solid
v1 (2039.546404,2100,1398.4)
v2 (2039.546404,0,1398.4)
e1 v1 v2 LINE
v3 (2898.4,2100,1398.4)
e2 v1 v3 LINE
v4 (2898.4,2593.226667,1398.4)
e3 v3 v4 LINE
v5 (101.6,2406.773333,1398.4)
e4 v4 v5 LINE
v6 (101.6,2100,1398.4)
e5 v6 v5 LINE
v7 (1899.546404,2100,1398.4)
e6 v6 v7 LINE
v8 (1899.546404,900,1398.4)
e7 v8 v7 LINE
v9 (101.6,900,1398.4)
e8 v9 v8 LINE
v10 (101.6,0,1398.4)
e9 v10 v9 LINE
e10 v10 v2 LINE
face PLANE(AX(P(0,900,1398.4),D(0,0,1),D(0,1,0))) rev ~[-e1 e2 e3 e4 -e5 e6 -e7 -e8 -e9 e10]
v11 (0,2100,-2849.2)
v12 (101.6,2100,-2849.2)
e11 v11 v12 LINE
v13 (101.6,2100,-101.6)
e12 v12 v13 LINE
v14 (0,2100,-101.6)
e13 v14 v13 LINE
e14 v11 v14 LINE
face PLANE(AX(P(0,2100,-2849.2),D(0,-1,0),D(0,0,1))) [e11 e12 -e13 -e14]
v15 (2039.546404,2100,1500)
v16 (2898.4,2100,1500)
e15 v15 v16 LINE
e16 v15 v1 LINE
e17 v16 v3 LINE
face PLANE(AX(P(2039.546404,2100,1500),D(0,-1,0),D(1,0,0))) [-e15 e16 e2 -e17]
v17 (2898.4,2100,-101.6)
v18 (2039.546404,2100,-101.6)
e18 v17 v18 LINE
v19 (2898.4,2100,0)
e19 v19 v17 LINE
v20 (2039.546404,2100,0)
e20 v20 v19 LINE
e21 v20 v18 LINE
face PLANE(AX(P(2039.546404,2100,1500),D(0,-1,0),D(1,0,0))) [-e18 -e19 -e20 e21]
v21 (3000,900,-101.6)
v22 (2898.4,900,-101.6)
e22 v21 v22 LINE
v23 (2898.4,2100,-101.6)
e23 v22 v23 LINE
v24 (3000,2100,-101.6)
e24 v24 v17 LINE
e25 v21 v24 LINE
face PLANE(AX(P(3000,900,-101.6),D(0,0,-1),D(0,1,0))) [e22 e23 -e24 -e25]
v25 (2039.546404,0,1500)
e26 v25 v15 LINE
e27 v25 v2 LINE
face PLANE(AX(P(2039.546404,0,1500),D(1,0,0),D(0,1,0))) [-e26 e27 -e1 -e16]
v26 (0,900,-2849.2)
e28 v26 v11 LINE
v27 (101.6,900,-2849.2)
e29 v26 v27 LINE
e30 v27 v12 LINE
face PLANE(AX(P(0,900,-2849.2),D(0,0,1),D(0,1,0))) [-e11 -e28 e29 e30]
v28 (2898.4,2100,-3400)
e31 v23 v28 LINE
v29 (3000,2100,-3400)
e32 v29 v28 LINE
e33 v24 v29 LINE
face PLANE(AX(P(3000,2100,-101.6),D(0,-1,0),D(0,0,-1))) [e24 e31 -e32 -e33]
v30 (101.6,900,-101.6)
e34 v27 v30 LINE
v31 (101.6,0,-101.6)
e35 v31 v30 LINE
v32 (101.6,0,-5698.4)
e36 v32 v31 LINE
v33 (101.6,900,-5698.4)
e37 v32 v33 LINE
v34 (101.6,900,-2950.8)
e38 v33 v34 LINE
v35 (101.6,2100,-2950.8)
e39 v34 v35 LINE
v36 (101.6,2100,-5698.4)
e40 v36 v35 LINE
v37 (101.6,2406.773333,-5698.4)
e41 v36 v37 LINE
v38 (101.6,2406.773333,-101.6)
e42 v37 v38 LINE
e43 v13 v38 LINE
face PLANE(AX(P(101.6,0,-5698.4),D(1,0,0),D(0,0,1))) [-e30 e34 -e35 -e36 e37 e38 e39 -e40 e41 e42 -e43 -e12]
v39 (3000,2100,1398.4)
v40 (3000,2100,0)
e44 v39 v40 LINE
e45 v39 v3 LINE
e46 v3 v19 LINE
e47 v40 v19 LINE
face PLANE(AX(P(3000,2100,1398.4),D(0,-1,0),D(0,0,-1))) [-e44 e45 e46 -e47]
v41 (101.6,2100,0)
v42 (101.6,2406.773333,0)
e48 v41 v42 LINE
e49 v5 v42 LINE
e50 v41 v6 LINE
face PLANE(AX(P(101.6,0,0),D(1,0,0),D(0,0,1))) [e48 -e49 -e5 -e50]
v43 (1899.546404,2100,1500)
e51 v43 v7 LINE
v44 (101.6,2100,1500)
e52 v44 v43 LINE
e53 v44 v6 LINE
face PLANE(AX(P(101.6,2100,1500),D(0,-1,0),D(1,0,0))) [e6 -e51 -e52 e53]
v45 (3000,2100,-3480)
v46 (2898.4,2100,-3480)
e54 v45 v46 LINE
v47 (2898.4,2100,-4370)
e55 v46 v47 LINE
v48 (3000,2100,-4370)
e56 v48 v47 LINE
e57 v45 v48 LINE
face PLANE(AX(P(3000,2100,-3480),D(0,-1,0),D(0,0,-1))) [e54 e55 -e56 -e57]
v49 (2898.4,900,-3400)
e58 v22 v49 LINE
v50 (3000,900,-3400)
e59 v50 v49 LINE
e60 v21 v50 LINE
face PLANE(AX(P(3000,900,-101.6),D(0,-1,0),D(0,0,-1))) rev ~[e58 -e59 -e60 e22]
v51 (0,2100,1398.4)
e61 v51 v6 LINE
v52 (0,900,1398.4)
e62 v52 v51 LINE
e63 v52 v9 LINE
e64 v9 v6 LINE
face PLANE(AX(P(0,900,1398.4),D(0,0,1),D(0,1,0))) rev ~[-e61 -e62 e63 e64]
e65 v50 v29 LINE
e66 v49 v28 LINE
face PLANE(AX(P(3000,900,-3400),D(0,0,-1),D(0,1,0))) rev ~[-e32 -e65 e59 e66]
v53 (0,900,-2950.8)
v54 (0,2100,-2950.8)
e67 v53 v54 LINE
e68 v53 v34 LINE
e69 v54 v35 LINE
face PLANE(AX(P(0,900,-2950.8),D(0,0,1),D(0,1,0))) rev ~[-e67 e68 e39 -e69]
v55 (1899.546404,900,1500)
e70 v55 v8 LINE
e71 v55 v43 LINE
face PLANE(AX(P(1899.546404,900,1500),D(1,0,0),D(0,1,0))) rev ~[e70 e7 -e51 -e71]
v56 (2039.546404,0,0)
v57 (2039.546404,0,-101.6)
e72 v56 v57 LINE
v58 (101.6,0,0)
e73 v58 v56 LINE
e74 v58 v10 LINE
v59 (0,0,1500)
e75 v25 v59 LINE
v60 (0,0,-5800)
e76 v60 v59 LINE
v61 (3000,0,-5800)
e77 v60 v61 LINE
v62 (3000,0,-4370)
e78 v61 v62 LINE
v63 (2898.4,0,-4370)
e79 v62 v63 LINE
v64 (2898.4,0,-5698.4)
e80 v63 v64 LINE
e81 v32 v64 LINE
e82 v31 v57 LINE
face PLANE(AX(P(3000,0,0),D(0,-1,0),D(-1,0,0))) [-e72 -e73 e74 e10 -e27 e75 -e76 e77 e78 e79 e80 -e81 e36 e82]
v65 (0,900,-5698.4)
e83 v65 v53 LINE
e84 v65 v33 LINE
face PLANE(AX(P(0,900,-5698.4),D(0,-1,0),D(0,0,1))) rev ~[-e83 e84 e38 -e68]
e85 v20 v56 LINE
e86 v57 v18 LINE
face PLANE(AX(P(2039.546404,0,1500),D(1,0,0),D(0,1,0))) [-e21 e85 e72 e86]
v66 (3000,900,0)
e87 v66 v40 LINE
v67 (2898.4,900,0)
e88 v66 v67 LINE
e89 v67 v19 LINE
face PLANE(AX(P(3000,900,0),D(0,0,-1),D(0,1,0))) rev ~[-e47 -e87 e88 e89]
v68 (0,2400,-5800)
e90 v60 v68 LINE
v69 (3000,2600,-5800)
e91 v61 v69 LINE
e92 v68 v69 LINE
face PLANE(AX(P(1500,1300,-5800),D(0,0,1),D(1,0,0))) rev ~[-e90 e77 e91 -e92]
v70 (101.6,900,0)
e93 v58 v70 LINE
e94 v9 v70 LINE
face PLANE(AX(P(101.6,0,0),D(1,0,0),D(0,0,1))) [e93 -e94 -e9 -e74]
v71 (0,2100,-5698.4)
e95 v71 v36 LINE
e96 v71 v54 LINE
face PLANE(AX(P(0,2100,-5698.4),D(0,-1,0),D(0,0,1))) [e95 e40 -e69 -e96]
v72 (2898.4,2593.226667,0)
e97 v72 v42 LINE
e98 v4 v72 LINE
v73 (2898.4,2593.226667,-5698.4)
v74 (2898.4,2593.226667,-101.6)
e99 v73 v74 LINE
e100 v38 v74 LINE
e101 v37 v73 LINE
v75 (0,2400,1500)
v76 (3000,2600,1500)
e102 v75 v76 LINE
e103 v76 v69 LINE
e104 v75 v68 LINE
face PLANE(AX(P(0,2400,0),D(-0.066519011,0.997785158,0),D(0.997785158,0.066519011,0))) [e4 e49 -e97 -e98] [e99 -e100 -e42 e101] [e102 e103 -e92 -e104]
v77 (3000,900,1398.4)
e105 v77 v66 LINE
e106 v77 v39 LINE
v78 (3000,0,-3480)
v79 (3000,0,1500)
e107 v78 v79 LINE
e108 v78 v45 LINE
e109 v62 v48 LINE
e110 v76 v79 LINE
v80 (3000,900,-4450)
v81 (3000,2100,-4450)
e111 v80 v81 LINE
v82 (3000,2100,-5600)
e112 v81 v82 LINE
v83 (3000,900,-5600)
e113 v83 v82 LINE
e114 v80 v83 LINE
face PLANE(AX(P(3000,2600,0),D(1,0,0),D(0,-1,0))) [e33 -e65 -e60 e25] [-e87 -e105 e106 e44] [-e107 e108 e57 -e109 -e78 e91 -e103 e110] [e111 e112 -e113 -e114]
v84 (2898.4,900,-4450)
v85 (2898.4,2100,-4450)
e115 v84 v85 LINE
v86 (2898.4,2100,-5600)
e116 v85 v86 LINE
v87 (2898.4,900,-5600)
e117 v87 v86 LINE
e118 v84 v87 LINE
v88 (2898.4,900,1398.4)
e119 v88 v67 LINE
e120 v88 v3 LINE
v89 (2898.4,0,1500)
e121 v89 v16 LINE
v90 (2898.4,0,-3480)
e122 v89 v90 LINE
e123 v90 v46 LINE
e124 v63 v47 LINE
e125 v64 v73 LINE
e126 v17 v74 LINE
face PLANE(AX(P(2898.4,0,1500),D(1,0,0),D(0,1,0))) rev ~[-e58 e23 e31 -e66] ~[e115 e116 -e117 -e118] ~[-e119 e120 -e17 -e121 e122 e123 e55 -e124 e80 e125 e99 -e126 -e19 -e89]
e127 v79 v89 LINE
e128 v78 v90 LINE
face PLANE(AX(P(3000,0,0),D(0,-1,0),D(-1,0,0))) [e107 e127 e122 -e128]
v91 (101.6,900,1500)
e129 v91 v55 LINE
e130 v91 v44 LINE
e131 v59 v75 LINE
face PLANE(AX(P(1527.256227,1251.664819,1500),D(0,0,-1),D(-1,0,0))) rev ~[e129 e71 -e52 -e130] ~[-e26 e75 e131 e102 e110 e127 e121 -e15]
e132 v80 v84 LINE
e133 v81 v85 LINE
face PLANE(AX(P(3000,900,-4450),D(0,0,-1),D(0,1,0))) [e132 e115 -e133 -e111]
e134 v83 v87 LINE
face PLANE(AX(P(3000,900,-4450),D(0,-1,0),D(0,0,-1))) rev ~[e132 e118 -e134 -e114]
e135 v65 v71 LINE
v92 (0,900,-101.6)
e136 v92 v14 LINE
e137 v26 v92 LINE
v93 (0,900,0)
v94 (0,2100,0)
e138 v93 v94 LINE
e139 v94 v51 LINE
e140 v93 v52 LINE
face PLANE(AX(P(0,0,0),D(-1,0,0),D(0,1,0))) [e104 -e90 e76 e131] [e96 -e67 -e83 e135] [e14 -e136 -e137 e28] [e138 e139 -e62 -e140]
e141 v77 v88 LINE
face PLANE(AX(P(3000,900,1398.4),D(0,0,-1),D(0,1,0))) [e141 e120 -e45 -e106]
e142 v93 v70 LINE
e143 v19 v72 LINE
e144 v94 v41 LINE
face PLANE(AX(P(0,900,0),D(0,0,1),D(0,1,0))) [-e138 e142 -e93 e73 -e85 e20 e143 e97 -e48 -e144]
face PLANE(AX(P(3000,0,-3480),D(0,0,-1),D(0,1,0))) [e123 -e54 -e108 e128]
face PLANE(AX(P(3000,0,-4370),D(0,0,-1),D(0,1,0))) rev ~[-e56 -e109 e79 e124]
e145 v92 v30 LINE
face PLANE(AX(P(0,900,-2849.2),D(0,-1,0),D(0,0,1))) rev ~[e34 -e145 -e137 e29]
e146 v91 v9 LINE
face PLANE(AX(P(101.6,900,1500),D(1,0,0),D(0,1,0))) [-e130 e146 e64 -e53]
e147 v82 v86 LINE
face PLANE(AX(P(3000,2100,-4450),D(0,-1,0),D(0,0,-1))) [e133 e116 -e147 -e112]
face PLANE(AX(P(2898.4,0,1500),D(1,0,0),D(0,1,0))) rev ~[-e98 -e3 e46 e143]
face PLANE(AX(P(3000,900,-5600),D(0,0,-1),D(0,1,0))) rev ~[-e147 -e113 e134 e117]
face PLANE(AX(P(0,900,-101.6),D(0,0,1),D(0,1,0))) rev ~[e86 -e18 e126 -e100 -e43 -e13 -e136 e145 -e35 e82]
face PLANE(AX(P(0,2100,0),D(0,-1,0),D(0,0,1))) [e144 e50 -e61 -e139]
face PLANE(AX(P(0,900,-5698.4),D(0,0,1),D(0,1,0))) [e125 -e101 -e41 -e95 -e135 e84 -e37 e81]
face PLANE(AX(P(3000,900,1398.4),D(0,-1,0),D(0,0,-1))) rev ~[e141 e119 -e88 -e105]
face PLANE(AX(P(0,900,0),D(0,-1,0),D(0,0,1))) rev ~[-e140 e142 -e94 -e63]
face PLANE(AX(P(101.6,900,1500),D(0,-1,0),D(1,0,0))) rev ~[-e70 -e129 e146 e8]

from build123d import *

# Parameters (mm, degrees)
CROQUIS1_W              = 3000
CROQUIS1_H              = 2600
SALIENTE_EXTRUIR1_DEPTH = 5800
CORTAR_EXTRUIR1_DEPTH   = 5800
CROQUIS4_W              = 2747.6
CROQUIS4_H              = 1200
CORTAR_EXTRUIR2_DEPTH   = 101.6
CROQUIS6_W              = 2796.8
CROQUIS6_H              = 5596.8
CORTAR_EXTRUIR5_DEPTH   = 3000
SALIENTE_EXTRUIR3_DEPTH = 1500
CROQUIS14_W             = 2796.8
CROQUIS14_H             = 1398.4
CORTAR_EXTRUIR7_DEPTH   = 3000
CORTAR_EXTRUIR8_REACH   = 8311.633
CROQUIS15_W             = 858.853595779
CROQUIS15_H             = 2100
CROQUIS16_W             = 1398.4
CROQUIS16_H             = 1200
CORTAR_EXTRUIR9_DEPTH   = 200
CROQUIS17_W             = 1797.946404221
CROQUIS17_H             = 1200
CORTAR_EXTRUIR10_DEPTH  = 200
CROQUIS18_W             = 1398.4
CROQUIS18_H             = 1200
CROQUIS18_W_2           = 3298.4
CORTAR_EXTRUIR11_DEPTH  = 200
CROQUIS19_W             = 1150
CROQUIS19_H             = 1200
CORTAR_EXTRUIR12_DEPTH  = 200
CROQUIS20_W             = 890
CROQUIS20_H             = 2100
CORTAR_EXTRUIR13_DEPTH  = 200


with BuildPart() as part:
    # Croquis1 → Saliente-Extruir1 (new body)
    with BuildSketch(Plane.XY):
        with Locations((1500, 1300)):
            Rectangle(CROQUIS1_W, CROQUIS1_H)
    extrude(amount=-SALIENTE_EXTRUIR1_DEPTH)

    # Croquis3 → Cortar-Extruir1 (cut)
    with BuildSketch(Plane.XY):
        Polygon((0, 2600), (0, 2400), (3000, 2600), align=None)
    extrude(amount=-CORTAR_EXTRUIR1_DEPTH, mode=Mode.SUBTRACT)

    # Croquis4 → Cortar-Extruir2 (cut)
    with BuildSketch(Plane.ZY):
        with Locations((-4324.6, 1500)):
            Rectangle(CROQUIS4_W, CROQUIS4_H)
        with Locations((-1475.4, 1500)):
            Rectangle(CROQUIS4_W, CROQUIS4_H)
    extrude(amount=-CORTAR_EXTRUIR2_DEPTH, mode=Mode.SUBTRACT)

    # Croquis6 → Cortar-Extruir5 (cut)
    with BuildSketch(Plane.XZ):
        with Locations((1500, -2900)):
            Rectangle(CROQUIS6_W, CROQUIS6_H)
    extrude(amount=-CORTAR_EXTRUIR5_DEPTH, mode=Mode.SUBTRACT)

    # Croquis13 → Saliente-Extruir3 (add)
    with BuildSketch(Plane.XY):
        Polygon((0, 0), (0, 2400), (3000, 2600), (3000, 0), align=None)
    extrude(amount=SALIENTE_EXTRUIR3_DEPTH)

    # Croquis14 → Cortar-Extruir7 (cut)
    with BuildSketch(Plane.XZ):
        with Locations((1500, 699.2)):
            Rectangle(CROQUIS14_W, CROQUIS14_H)
    extrude(amount=-CORTAR_EXTRUIR7_DEPTH, mode=Mode.SUBTRACT)

    # Cortar-Extruir8: up to this face of the body (flat: up to its plane)
    cortar_extruir8_end = Plane(part.part.faces().sort_by_distance((1492.247795295, 1254.854041559, -101.6))[0])
    # Croquis15 → Cortar-Extruir8 (cut, up to the picked face)
    with BuildSketch(Plane.XY.offset(1500), mode=Mode.PRIVATE) as cortar_extruir8_sk1:
        with Locations((2468.973202111, 1050)):
            Rectangle(CROQUIS15_W, CROQUIS15_H)
    cortar_extruir8_tool1 = split(extrude(cortar_extruir8_sk1.sketch, amount=-CORTAR_EXTRUIR8_REACH, mode=Mode.PRIVATE), bisect_by=cortar_extruir8_end, keep=Keep.BOTH, mode=Mode.PRIVATE)
    add(cortar_extruir8_tool1.solids().sort_by(Axis((2468.973202, 1050, 1500), (0, 0, -1)))[0], mode=Mode.SUBTRACT)

    # Croquis16 → Cortar-Extruir9 (cut)
    with BuildSketch(Plane.ZY):
        with Locations((699.2, 1500)):
            Rectangle(CROQUIS16_W, CROQUIS16_H)
    extrude(amount=-CORTAR_EXTRUIR9_DEPTH, mode=Mode.SUBTRACT)

    # Croquis17 → Cortar-Extruir10 (cut)
    with BuildSketch(Plane.XY.offset(1500)):
        with Locations((1000.573202111, 1500)):
            Rectangle(CROQUIS17_W, CROQUIS17_H)
    extrude(amount=-CORTAR_EXTRUIR10_DEPTH, mode=Mode.SUBTRACT)

    # Croquis18 → Cortar-Extruir11 (cut)
    with BuildSketch(Plane(origin=(3000, 0, 0), x_dir=(0, 0, -1), z_dir=(1, 0, 0))):
        with Locations((-699.2, 1500)):
            Rectangle(CROQUIS18_W, CROQUIS18_H)
        with Locations((1750.8, 1500)):
            Rectangle(CROQUIS18_W_2, CROQUIS18_H)
    extrude(amount=-CORTAR_EXTRUIR11_DEPTH, mode=Mode.SUBTRACT)

    # Croquis19 → Cortar-Extruir12 (cut)
    with BuildSketch(Plane(origin=(3000, 0, 0), x_dir=(0, 0, -1), z_dir=(1, 0, 0))):
        with Locations((5025, 1500)):
            Rectangle(CROQUIS19_W, CROQUIS19_H)
    extrude(amount=-CORTAR_EXTRUIR12_DEPTH, mode=Mode.SUBTRACT)

    # Croquis20 → Cortar-Extruir13 (cut)
    with BuildSketch(Plane(origin=(3000, 0, 0), x_dir=(0, 0, -1), z_dir=(1, 0, 0))):
        with Locations((3925, 1050)):
            Rectangle(CROQUIS20_W, CROQUIS20_H)
    extrude(amount=-CORTAR_EXTRUIR13_DEPTH, mode=Mode.SUBTRACT)


solid = part.part
